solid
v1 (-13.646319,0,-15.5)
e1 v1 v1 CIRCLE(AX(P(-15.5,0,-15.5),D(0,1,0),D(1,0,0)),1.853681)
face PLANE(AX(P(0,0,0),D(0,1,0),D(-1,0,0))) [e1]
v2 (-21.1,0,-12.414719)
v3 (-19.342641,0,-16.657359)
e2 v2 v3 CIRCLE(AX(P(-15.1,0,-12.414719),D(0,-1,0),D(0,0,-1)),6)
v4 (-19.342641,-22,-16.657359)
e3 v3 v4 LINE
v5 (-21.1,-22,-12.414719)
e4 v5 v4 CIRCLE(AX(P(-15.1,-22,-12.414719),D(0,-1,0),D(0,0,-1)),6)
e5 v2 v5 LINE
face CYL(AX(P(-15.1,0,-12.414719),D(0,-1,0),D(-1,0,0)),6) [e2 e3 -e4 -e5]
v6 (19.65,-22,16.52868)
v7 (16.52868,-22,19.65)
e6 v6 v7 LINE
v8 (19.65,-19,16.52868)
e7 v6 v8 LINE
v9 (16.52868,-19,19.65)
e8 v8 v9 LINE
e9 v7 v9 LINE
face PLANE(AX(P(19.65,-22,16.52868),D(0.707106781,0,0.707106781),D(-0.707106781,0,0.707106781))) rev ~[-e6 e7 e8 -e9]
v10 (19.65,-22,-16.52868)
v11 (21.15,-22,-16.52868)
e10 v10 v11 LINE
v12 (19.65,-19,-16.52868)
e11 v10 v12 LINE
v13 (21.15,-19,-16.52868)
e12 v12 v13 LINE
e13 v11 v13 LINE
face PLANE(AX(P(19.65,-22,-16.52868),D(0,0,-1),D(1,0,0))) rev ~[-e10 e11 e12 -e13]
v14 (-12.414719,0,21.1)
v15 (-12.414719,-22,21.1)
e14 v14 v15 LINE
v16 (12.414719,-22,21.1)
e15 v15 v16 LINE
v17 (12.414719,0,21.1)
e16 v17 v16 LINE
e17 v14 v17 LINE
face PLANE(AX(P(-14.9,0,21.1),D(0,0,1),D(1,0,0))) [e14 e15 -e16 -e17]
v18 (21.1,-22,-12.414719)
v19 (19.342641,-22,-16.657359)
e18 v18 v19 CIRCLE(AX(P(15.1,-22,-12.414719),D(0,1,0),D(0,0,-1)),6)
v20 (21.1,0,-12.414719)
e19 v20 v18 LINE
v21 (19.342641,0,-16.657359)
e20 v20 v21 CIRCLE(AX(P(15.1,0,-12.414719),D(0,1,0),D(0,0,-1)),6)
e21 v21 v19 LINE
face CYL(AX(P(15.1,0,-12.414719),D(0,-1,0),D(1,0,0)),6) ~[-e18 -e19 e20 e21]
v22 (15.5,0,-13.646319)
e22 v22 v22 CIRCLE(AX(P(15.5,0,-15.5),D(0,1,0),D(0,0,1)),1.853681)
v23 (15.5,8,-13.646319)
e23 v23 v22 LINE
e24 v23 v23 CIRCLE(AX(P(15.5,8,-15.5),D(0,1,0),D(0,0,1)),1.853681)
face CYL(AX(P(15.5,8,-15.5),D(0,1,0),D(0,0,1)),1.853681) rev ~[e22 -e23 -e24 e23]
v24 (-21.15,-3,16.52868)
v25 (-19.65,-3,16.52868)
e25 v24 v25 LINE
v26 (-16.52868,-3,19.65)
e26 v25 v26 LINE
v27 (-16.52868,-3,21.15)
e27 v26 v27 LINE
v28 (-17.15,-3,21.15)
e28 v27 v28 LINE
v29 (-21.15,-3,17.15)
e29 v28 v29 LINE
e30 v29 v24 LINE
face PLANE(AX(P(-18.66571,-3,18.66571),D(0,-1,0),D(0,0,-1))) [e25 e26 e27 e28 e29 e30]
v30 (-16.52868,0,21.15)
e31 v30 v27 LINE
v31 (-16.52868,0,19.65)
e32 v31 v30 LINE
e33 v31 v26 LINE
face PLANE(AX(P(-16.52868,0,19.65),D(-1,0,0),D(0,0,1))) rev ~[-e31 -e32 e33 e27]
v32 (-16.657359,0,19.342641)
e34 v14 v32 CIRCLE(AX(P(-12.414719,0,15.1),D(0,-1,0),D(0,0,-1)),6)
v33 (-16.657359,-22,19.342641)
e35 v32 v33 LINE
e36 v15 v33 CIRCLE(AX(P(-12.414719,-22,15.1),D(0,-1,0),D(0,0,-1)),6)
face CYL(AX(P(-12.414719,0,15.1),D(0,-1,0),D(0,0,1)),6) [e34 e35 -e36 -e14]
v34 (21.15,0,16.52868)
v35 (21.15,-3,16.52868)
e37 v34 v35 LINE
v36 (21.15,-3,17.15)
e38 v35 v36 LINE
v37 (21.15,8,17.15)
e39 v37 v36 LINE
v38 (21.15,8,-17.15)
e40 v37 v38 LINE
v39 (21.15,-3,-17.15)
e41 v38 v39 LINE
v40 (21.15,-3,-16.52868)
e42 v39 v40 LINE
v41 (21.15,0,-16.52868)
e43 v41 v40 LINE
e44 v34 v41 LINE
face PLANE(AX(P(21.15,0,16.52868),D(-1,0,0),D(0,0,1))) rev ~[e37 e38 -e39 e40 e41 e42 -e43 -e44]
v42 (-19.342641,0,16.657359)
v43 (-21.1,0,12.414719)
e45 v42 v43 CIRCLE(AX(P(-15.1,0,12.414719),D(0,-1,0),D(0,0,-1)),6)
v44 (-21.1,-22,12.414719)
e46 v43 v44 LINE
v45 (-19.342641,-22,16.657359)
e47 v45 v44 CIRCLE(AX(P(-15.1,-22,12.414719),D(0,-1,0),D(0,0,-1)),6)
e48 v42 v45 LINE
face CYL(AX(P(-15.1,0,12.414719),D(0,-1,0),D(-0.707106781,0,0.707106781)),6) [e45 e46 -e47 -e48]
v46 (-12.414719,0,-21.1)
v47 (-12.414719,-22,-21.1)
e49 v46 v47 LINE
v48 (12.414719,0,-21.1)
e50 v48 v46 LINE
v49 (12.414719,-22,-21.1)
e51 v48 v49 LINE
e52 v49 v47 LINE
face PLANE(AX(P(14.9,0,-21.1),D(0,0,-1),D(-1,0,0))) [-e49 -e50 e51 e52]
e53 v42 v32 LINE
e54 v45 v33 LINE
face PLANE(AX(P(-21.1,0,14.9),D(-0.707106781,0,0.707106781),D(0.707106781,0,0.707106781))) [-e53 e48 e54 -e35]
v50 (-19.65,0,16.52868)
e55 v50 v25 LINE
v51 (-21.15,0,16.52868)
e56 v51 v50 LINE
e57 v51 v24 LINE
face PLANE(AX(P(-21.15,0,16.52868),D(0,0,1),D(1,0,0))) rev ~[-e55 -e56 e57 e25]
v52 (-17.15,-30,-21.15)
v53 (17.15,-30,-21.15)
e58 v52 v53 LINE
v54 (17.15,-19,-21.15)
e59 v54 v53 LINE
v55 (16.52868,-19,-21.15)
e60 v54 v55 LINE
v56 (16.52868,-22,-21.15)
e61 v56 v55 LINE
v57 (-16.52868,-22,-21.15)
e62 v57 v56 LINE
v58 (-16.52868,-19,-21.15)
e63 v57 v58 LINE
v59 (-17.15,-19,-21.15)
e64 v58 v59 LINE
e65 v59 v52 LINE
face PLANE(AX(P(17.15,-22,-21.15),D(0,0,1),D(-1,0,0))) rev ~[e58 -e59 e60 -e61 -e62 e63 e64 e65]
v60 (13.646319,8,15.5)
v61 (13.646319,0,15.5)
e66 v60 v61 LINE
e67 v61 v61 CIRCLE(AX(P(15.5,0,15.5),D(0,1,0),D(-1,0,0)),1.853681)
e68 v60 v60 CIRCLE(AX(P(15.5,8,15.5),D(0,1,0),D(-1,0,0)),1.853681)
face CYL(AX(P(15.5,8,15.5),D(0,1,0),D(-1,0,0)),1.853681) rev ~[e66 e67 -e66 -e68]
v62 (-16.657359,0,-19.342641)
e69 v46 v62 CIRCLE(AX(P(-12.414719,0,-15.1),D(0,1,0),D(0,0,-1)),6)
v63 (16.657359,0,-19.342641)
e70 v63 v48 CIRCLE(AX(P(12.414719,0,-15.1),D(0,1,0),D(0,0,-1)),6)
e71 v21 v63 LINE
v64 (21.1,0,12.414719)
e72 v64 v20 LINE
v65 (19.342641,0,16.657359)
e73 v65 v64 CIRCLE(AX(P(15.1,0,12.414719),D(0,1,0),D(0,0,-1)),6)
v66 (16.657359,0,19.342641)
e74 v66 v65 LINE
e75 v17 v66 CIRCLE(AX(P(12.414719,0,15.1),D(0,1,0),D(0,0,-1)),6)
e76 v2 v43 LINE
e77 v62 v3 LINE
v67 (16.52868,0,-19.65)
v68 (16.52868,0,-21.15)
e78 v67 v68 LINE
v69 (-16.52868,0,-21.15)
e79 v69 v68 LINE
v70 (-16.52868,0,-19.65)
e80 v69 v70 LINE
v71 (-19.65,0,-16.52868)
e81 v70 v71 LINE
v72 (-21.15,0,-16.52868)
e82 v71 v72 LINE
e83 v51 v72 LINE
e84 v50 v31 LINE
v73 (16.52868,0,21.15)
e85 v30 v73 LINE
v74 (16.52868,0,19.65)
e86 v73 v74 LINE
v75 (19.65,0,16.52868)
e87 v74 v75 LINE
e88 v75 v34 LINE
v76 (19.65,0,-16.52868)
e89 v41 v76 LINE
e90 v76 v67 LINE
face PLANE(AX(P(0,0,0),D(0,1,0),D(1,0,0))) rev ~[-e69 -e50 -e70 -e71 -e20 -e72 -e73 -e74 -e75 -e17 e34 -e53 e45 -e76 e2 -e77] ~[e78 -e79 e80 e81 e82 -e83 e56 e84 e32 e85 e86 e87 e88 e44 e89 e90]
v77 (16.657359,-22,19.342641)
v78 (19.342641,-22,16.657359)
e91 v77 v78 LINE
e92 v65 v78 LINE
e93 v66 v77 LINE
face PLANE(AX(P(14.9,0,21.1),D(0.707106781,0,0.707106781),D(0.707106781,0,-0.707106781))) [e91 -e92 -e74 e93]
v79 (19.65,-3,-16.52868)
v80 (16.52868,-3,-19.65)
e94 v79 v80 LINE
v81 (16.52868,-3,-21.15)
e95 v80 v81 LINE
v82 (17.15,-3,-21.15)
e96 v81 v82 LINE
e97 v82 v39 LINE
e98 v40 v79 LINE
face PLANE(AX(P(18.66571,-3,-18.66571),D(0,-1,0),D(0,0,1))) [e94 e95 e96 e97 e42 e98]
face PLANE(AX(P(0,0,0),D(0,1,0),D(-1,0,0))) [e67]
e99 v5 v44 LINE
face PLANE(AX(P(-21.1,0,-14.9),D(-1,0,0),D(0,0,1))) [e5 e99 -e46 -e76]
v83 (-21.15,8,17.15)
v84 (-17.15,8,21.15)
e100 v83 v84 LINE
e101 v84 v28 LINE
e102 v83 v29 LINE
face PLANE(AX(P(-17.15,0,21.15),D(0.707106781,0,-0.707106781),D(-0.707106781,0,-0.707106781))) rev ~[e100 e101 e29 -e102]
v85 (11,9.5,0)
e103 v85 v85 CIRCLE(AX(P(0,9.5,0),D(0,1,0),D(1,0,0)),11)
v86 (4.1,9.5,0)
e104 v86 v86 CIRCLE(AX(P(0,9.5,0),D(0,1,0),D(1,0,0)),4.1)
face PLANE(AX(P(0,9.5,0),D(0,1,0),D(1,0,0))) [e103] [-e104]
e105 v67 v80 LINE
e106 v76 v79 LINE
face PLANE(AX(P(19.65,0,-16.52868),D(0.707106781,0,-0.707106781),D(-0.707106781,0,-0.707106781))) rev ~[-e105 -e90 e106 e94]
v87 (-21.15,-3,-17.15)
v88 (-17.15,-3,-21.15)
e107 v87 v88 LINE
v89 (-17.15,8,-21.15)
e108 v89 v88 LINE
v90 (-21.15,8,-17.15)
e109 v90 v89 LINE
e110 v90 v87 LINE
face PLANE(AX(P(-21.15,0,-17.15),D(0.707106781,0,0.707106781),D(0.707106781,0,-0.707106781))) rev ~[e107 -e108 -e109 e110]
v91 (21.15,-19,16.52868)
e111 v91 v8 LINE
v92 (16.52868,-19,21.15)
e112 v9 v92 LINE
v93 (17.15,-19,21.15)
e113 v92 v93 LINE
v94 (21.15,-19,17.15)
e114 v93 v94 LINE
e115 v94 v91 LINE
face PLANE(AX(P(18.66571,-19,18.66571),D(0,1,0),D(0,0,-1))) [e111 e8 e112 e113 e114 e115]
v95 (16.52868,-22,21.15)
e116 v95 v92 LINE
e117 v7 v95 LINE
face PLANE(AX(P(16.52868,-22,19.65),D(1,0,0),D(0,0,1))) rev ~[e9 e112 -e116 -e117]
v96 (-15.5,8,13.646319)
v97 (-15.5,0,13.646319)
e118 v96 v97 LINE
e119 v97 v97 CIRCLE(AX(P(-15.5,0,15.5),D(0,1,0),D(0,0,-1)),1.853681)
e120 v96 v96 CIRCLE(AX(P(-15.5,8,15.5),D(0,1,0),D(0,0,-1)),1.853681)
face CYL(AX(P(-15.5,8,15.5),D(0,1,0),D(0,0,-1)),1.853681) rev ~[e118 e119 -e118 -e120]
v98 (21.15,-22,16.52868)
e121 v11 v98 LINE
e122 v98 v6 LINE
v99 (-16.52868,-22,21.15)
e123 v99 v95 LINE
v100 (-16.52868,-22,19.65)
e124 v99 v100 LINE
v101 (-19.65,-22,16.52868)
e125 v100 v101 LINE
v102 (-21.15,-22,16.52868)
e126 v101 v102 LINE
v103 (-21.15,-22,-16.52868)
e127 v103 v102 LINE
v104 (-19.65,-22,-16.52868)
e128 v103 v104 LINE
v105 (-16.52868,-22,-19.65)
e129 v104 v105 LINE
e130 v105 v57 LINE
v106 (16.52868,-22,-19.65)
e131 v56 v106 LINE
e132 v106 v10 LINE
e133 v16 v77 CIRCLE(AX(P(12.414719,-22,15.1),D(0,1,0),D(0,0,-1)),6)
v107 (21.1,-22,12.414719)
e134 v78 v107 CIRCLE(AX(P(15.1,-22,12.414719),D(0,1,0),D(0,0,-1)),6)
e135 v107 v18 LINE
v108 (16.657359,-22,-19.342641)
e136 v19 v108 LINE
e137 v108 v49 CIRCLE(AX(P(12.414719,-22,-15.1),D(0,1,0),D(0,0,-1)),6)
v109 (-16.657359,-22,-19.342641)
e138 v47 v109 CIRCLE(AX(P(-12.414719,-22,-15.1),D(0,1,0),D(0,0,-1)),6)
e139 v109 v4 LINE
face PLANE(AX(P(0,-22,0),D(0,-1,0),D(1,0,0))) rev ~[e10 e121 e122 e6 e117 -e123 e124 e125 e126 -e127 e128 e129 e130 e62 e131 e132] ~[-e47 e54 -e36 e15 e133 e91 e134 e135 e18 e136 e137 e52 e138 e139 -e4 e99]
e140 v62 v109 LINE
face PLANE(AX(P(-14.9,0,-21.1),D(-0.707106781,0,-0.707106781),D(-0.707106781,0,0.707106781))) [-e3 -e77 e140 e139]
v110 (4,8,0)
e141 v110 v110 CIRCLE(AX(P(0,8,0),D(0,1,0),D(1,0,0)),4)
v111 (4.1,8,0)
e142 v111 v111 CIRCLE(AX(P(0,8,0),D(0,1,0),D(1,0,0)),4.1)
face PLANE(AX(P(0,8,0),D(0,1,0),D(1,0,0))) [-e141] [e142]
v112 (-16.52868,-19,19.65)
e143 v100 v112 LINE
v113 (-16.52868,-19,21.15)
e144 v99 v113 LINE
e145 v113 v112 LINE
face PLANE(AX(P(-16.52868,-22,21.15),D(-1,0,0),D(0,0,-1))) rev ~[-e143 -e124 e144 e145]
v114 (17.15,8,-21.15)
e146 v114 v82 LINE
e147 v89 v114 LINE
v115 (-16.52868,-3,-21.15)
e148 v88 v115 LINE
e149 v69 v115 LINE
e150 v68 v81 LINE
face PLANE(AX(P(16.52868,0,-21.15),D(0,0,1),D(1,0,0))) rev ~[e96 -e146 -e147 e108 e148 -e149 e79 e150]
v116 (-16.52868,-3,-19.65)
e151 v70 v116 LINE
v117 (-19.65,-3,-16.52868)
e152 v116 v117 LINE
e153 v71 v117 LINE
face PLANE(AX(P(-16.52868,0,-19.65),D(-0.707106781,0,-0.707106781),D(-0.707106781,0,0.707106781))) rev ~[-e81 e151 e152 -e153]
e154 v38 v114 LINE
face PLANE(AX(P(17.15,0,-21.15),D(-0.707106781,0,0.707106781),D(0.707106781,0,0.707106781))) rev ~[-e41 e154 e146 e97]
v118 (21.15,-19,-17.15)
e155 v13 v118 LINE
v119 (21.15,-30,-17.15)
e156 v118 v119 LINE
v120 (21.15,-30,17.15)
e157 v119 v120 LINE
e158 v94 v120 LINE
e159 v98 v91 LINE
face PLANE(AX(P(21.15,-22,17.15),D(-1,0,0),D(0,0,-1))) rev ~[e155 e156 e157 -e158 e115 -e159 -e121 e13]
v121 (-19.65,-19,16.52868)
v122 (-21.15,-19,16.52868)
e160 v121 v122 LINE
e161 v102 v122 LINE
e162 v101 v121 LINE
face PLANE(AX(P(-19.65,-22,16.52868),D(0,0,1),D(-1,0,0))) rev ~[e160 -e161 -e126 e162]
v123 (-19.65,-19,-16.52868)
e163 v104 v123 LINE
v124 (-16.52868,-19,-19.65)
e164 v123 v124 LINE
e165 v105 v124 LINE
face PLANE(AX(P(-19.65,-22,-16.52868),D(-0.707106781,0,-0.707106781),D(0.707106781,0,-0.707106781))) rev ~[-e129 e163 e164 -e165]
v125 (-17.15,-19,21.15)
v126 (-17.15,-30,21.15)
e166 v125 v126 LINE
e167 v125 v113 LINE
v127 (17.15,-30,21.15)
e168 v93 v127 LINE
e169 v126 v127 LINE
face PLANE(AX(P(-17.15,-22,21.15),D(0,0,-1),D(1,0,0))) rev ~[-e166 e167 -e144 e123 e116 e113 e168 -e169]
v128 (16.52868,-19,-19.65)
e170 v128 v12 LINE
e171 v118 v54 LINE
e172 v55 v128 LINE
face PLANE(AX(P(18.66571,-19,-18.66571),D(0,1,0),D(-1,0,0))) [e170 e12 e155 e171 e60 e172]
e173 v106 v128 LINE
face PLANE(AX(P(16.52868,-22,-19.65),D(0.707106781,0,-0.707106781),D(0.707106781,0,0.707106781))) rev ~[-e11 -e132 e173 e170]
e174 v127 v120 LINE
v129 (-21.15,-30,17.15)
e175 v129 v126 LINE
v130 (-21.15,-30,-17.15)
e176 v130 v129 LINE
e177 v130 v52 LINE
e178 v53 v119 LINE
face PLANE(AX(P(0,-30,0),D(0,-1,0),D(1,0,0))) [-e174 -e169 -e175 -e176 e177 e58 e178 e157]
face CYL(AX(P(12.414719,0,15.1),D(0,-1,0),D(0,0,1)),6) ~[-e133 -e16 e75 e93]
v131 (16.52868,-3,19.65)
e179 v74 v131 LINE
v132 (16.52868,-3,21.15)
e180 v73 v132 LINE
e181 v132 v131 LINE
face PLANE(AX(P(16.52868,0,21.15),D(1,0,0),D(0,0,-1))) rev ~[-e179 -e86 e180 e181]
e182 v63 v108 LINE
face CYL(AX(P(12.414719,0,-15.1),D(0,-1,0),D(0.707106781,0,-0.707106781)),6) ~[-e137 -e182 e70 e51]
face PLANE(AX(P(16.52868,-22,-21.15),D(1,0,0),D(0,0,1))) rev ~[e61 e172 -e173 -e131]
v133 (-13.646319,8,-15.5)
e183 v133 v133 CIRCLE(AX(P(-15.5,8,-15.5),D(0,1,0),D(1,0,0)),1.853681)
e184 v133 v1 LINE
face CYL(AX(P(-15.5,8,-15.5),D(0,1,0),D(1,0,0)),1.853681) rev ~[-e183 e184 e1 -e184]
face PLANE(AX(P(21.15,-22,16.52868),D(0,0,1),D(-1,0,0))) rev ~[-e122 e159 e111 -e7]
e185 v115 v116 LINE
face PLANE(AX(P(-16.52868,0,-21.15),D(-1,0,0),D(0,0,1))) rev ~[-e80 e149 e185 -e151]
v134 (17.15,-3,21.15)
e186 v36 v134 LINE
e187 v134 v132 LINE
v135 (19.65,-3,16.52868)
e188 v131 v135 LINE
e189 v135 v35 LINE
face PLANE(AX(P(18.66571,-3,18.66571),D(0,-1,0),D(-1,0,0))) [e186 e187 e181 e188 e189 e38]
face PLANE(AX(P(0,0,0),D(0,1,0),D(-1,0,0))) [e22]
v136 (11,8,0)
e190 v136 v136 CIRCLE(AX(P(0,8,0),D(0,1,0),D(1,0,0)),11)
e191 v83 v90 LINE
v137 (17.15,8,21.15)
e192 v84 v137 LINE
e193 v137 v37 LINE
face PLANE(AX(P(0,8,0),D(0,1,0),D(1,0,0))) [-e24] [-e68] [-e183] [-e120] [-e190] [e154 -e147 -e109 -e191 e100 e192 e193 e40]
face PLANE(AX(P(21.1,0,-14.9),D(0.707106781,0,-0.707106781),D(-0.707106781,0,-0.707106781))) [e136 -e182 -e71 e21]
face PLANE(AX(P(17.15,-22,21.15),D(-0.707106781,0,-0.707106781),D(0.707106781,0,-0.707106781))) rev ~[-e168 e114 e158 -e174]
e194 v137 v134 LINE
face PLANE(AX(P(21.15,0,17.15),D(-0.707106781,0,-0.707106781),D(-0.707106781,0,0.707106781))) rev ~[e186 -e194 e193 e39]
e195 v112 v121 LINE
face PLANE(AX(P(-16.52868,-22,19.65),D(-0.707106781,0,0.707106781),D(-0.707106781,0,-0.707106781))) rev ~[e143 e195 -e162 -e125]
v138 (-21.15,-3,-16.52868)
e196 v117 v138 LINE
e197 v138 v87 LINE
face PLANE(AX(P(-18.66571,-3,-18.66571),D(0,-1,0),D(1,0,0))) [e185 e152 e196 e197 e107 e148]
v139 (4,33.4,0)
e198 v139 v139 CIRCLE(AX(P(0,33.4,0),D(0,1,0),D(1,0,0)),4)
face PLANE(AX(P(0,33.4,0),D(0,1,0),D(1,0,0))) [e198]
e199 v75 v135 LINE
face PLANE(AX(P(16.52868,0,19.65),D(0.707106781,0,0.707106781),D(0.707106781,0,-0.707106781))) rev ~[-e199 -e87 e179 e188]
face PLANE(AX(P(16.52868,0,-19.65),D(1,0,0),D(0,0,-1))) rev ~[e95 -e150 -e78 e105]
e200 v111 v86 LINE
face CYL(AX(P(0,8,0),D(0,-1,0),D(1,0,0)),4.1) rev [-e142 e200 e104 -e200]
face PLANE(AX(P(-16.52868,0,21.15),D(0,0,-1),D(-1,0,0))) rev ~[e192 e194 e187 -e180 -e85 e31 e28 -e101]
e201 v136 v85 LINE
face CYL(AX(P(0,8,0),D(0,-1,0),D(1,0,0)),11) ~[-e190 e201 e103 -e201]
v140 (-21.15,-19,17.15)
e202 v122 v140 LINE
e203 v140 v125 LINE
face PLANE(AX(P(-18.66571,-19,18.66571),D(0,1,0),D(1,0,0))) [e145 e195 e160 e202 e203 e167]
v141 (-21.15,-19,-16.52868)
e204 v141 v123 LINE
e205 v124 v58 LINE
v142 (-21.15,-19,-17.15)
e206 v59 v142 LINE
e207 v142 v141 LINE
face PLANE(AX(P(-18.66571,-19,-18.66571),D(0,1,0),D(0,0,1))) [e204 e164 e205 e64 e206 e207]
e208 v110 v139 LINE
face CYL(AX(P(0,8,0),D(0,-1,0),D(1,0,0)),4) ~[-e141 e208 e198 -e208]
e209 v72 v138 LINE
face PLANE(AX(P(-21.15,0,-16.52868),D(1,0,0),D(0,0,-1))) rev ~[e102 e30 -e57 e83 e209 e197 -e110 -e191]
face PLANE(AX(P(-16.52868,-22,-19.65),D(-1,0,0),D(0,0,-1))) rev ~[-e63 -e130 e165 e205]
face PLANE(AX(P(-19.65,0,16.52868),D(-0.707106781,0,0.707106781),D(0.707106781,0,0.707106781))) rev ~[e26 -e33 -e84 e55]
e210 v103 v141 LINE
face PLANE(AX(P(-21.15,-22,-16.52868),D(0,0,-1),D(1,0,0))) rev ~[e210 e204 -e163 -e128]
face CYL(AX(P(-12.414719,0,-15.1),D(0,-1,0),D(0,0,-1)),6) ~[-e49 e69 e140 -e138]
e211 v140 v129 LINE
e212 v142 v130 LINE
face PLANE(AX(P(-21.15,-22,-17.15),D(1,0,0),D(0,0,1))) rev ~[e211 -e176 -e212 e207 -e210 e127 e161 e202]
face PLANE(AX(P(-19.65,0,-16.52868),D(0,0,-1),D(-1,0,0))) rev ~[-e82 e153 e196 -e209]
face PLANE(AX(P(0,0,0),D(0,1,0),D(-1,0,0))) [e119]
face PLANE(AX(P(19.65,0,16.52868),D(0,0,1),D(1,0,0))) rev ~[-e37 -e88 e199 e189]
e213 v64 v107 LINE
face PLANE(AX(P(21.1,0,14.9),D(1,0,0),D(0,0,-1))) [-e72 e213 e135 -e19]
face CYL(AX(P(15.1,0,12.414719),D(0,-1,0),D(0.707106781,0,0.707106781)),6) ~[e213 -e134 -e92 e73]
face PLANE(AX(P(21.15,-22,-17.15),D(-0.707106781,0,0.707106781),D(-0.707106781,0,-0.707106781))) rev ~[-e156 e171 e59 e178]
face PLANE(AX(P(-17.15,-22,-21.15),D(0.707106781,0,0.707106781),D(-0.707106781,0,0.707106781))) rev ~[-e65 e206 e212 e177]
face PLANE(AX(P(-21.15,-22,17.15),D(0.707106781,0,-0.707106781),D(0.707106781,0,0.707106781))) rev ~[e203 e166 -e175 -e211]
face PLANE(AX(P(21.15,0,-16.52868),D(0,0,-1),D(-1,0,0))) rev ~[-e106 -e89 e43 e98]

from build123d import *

# Parameters (mm, degrees)
ESBO_O1_W              = 42.3
ESBO_O1_H              = 42.3
UPPERBODY_DEPTH        = 8
CHANFRO1_SIZE          = 4
ESBO_O2_R              = 11
ESBO_O2_R_2            = 4.1
LITTLETOPCIRCLE_DEPTH  = 1.5
ESBO_O3_R              = 1.853680608
MOUNTINGHOLES_DEPTH    = 25
PADR_OCIRCULAR1_COUNT  = 4
LITTLEMETALTABS_DEPTH  = 3
PADR_OCIRCULAR2_COUNT  = 4
MIDDLEBODY_DEPTH       = 22
FILETE1_R              = 6
ESBO_O9_W              = 42.3
ESBO_O9_H              = 42.3
BOTTOMBODY_DEPTH       = 8
CHANFRO5_SIZE          = 4
LITTLEMETALTABS2_DEPTH = 3
PADR_OCIRCULAR3_COUNT  = 4
ESBO_O4_R              = 4
BOSS_EXTRUDE1_DEPTH    = 25.4


with BuildPart() as part:
    # Esboço1 → UpperBody (new body)
    with BuildSketch(Plane(origin=(0, 0, 0), x_dir=(1, 0, 0), z_dir=(0, 1, 0))):
        Rectangle(ESBO_O1_W, ESBO_O1_H)
    extrude(amount=UPPERBODY_DEPTH)

    # Chanfro1
    chanfro1_edges = [part.edges().sort_by_distance(p)[0] for p in [
        (-21.15, 4, 21.15),
        (21.15, 4, -21.15),
        (-21.15, 4, -21.15),
        (21.15, 4, 21.15),
    ]]
    chamfer(chanfro1_edges, length=CHANFRO1_SIZE)

    # Esboço2 → LittleTopCircle (add)
    with BuildSketch(Plane(origin=(0, 8, 0), x_dir=(1, 0, 0), z_dir=(0, 1, 0))):
        Circle(ESBO_O2_R)
        Circle(ESBO_O2_R_2, mode=Mode.SUBTRACT)
    extrude(amount=LITTLETOPCIRCLE_DEPTH)

    # Esboço3 → MountingHoles (cut)
    with BuildSketch(Plane(origin=(0, 8, 0), x_dir=(1, 0, 0), z_dir=(0, 1, 0))):
        with Locations((-15.5, 15.5)):
            Circle(ESBO_O3_R)
    mountingholes = extrude(amount=-MOUNTINGHOLES_DEPTH, mode=Mode.SUBTRACT)

    # PadrãoCircular1: MountingHoles ×4 about axis
    padr_ocircular1_axis = Axis((0, 8, 0), (0, 1, 0))
    for i in range(1, PADR_OCIRCULAR1_COUNT):
        add(mountingholes.rotate(padr_ocircular1_axis, i * 360 / PADR_OCIRCULAR1_COUNT), mode=Mode.SUBTRACT)

    # Esboço7 → LittleMetalTabs (add)
    with BuildSketch(Plane.XZ):
        Polygon((-19.65, -16.528679656), (-21.15, -16.528679656), (-21.15, -17.15), (-17.15, -21.15), (-16.528679656, -21.15), (-16.528679656, -19.65), align=None)
    littlemetaltabs = extrude(amount=LITTLEMETALTABS_DEPTH)

    # PadrãoCircular2: LittleMetalTabs ×4 about axis
    padr_ocircular2_axis = Axis((0, 9.5, 0), (0, 1, 0))
    for i in range(1, PADR_OCIRCULAR2_COUNT):
        add(littlemetaltabs.rotate(padr_ocircular2_axis, i * 360 / PADR_OCIRCULAR2_COUNT))

    # Esboço8 → MiddleBody (add)
    with BuildSketch(Plane.XZ):
        Polygon((-14.9, 21.1), (14.9, 21.1), (21.1, 14.9), (21.1, -14.9), (14.9, -21.1), (-14.9, -21.1), (-21.1, -14.9), (-21.1, 14.9), align=None)
    extrude(amount=MIDDLEBODY_DEPTH)

    # Filete1
    filete1_edges = [part.edges().sort_by_distance(p)[0] for p in [
        (-21.1, -11, -14.9),
        (-21.1, -11, 14.9),
        (-14.9, -11, 21.1),
        (14.9, -11, 21.1),
        (-14.9, -11, -21.1),
        (21.1, -11, 14.9),
        (14.9, -11, -21.1),
        (21.1, -11, -14.9),
    ]]
    fillet(filete1_edges, radius=FILETE1_R)

    # Esboço9 → BottomBody (add)
    with BuildSketch(Plane.XZ.offset(22)):
        Rectangle(ESBO_O9_W, ESBO_O9_H)
    extrude(amount=BOTTOMBODY_DEPTH)

    # Chanfro5
    chanfro5_edges = [part.edges().sort_by_distance(p)[0] for p in [
        (21.15, -26, 21.15),
        (21.15, -26, -21.15),
        (-21.15, -26, 21.15),
        (-21.15, -26, -21.15),
    ]]
    chamfer(chanfro5_edges, length=CHANFRO5_SIZE)

    # Esboço10 → LittleMetalTabs2 (add)
    with BuildSketch(Plane(origin=(0, -22, 0), x_dir=(1, 0, 0), z_dir=(0, 1, 0))):
        Polygon((-16.528679656, -21.15), (-16.528679656, -19.65), (-19.65, -16.528679656), (-21.15, -16.528679656), (-21.15, -17.15), (-17.15, -21.15), align=None)
    littlemetaltabs2 = extrude(amount=LITTLEMETALTABS2_DEPTH)

    # PadrãoCircular3: LittleMetalTabs2 ×4 about axis
    padr_ocircular3_axis = Axis((0, -30, 0), (0, 1, 0))
    for i in range(1, PADR_OCIRCULAR3_COUNT):
        add(littlemetaltabs2.rotate(padr_ocircular3_axis, i * 360 / PADR_OCIRCULAR3_COUNT))

    # Esboço4 → Boss-Extrude1 (add)
    with BuildSketch(Plane(origin=(0, 8, 0), x_dir=(1, 0, 0), z_dir=(0, 1, 0))):
        Circle(ESBO_O4_R)
    extrude(amount=BOSS_EXTRUDE1_DEPTH)


solid = part.part
